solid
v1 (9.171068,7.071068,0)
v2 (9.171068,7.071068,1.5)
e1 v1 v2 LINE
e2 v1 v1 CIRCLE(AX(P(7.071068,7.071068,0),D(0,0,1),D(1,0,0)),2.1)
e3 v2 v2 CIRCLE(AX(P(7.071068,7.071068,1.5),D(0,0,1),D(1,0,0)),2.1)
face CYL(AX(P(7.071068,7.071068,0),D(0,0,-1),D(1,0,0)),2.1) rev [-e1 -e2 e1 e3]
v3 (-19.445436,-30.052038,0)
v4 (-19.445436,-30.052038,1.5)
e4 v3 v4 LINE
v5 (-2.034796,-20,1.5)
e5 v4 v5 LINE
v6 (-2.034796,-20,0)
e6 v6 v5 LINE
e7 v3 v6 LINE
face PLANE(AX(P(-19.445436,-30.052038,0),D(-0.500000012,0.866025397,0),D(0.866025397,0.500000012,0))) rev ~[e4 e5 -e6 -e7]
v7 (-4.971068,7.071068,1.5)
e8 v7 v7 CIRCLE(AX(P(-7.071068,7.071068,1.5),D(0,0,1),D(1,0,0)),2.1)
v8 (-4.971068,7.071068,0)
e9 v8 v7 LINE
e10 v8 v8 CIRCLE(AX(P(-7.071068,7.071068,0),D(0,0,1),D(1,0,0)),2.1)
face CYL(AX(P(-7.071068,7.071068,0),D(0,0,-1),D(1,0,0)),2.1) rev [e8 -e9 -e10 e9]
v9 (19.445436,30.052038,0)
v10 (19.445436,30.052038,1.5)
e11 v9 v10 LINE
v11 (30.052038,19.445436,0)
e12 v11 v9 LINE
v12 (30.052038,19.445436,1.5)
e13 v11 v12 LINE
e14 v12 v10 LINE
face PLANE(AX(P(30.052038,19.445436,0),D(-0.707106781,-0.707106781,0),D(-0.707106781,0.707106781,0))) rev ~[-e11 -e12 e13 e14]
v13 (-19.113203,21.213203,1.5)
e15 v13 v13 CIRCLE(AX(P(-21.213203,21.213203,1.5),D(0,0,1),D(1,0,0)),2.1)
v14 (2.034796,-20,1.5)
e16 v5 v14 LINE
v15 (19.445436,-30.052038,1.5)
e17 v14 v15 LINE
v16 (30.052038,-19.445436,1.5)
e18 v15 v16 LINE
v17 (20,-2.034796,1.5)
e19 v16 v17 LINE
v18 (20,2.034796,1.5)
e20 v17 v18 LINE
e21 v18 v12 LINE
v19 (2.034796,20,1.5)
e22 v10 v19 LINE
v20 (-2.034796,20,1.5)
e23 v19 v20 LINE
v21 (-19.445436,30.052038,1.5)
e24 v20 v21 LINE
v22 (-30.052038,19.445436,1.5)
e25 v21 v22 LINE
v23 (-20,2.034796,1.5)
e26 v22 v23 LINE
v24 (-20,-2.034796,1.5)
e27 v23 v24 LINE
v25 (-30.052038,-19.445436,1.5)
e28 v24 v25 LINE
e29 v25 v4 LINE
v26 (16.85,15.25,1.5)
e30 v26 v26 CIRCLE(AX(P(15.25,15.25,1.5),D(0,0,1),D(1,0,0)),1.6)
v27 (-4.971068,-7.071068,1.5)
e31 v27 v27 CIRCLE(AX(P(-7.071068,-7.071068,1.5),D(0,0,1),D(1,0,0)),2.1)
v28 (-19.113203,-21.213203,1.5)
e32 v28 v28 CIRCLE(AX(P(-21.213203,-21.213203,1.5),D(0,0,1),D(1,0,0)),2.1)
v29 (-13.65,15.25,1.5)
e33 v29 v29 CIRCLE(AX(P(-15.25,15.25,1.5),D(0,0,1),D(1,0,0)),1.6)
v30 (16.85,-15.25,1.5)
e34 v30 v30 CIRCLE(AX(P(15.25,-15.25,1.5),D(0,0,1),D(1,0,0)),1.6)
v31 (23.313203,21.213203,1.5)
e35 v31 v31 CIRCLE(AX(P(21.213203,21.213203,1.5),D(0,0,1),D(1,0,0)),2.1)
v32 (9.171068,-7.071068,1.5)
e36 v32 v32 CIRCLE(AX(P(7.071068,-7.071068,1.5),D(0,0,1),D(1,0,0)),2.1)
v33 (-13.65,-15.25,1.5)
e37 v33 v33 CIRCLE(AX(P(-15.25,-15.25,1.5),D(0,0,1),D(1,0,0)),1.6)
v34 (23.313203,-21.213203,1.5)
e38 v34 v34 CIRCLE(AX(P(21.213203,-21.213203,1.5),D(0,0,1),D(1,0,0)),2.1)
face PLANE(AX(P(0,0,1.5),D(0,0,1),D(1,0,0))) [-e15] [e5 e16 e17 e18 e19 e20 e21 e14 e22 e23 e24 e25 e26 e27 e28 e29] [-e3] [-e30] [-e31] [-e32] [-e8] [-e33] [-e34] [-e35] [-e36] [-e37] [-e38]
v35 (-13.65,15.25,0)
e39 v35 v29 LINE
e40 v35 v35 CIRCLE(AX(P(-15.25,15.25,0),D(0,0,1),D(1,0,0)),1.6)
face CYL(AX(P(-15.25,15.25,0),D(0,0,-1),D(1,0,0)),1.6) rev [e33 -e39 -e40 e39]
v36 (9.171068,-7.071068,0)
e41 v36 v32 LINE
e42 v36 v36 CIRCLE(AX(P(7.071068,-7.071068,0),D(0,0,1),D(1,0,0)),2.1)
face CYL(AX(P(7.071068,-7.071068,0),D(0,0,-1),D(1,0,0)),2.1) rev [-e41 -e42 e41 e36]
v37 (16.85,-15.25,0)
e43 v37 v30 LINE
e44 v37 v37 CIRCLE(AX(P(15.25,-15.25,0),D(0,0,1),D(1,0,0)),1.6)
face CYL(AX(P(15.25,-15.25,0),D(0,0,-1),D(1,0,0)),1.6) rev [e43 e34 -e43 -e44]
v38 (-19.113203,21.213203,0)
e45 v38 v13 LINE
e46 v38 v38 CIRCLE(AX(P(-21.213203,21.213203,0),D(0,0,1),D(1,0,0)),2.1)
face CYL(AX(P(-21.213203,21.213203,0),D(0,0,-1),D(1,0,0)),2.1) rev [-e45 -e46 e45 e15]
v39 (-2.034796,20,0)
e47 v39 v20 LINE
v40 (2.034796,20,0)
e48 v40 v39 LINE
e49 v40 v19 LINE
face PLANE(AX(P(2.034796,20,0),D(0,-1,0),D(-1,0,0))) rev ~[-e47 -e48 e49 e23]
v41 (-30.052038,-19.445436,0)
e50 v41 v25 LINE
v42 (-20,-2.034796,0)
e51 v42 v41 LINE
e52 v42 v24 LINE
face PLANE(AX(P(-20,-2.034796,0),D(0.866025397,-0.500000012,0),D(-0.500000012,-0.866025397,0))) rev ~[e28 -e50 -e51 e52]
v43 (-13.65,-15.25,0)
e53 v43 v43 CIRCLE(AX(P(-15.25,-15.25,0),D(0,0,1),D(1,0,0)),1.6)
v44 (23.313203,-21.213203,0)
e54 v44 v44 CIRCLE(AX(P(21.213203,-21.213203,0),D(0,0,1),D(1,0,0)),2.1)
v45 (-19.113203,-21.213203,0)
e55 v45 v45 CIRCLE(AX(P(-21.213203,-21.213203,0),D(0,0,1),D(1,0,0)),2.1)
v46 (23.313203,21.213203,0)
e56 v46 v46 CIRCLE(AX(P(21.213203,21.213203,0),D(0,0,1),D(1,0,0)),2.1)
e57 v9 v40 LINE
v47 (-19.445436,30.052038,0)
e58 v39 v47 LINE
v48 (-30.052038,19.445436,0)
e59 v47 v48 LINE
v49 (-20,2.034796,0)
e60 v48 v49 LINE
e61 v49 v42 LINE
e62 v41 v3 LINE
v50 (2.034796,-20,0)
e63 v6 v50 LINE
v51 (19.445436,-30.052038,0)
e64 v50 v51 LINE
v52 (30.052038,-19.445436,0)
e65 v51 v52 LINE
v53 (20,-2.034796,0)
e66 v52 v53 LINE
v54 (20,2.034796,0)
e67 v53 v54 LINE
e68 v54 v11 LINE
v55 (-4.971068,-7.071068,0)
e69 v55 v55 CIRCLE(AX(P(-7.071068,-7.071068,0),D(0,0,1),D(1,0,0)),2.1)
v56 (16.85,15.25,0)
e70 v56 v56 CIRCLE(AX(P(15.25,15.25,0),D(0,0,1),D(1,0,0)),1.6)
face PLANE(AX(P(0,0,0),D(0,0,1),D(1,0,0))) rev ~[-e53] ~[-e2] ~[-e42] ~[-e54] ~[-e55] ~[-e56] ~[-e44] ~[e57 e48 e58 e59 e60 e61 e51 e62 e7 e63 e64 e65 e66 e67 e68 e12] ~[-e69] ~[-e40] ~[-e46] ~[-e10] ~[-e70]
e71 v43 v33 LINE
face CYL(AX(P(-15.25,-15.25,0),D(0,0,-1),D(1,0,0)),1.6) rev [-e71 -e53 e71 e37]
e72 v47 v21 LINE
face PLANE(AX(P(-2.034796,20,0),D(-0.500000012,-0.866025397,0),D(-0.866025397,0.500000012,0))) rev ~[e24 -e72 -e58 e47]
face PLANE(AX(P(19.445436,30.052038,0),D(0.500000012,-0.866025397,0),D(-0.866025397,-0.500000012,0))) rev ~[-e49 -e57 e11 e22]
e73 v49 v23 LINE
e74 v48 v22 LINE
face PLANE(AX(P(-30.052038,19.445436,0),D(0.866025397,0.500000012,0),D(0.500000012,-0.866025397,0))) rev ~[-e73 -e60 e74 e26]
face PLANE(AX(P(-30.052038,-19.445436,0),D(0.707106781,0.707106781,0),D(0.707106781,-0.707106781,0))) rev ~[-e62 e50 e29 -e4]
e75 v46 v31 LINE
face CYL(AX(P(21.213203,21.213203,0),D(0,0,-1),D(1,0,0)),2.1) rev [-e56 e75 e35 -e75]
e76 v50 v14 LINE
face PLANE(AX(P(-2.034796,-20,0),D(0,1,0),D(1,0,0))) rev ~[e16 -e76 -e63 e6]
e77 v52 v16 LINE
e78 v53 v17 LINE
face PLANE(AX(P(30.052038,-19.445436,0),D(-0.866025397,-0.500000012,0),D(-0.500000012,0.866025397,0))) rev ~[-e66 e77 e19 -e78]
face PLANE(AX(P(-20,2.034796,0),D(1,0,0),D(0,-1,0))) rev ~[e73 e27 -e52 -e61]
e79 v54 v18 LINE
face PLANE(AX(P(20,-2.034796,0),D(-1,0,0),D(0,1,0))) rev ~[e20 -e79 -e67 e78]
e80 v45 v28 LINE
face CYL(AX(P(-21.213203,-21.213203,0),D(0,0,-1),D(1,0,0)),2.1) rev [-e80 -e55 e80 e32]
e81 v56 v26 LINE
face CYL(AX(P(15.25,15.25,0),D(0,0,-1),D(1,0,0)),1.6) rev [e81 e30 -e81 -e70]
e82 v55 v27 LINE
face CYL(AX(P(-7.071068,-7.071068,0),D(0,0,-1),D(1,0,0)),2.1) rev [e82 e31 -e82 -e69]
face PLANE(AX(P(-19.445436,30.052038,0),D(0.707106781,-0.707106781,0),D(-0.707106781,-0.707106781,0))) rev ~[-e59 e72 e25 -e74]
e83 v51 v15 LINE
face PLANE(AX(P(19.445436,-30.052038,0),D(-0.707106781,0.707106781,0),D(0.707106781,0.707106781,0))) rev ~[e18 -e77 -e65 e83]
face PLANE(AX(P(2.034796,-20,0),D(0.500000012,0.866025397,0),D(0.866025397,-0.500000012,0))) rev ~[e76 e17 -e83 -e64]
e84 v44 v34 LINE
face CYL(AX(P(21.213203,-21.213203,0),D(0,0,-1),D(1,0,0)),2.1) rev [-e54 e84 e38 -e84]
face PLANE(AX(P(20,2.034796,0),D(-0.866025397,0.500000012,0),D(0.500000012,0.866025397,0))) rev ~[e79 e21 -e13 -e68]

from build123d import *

# Parameters (mm, degrees)
F0_R     = 2.1
F0_R_2   = 1.6
F1_DEPTH = 1.5


with BuildPart() as f1:
    # F0 (on Top) → F1 (new body)
    with BuildSketch(Plane.XY):
        Polygon((-19.445436, 30.052038), (-30.052038, 19.445436), (-20, 2.034796), (-20, -2.034796), (-30.052038, -19.445436), (-19.445436, -30.052038), (-2.034796, -20), (2.034796, -20), (19.445436, -30.052038), (30.052038, -19.445436), (20, -2.034796), (20, 2.034796), (30.052038, 19.445436), (19.445436, 30.052038), (2.034796, 20), (-2.034796, 20), align=None)
        with Locations((-21.213203, -21.213203)):
            Circle(F0_R, mode=Mode.SUBTRACT)
        with Locations((-15.25, -15.25)):
            Circle(F0_R_2, mode=Mode.SUBTRACT)
        with Locations((-7.071068, -7.071068)):
            Circle(F0_R, mode=Mode.SUBTRACT)
        with Locations((21.213203, -21.213203)):
            Circle(F0_R, mode=Mode.SUBTRACT)
        with Locations((15.25, -15.25)):
            Circle(F0_R_2, mode=Mode.SUBTRACT)
        with Locations((7.071068, -7.071068)):
            Circle(F0_R, mode=Mode.SUBTRACT)
        with Locations((-7.071068, 7.071068)):
            Circle(F0_R, mode=Mode.SUBTRACT)
        with Locations((-15.25, 15.25)):
            Circle(F0_R_2, mode=Mode.SUBTRACT)
        with Locations((-21.213203, 21.213203)):
            Circle(F0_R, mode=Mode.SUBTRACT)
        with Locations((7.071068, 7.071068)):
            Circle(F0_R, mode=Mode.SUBTRACT)
        with Locations((15.25, 15.25)):
            Circle(F0_R_2, mode=Mode.SUBTRACT)
        with Locations((21.213203, 21.213203)):
            Circle(F0_R, mode=Mode.SUBTRACT)
    extrude(amount=F1_DEPTH)


solid = f1.part
